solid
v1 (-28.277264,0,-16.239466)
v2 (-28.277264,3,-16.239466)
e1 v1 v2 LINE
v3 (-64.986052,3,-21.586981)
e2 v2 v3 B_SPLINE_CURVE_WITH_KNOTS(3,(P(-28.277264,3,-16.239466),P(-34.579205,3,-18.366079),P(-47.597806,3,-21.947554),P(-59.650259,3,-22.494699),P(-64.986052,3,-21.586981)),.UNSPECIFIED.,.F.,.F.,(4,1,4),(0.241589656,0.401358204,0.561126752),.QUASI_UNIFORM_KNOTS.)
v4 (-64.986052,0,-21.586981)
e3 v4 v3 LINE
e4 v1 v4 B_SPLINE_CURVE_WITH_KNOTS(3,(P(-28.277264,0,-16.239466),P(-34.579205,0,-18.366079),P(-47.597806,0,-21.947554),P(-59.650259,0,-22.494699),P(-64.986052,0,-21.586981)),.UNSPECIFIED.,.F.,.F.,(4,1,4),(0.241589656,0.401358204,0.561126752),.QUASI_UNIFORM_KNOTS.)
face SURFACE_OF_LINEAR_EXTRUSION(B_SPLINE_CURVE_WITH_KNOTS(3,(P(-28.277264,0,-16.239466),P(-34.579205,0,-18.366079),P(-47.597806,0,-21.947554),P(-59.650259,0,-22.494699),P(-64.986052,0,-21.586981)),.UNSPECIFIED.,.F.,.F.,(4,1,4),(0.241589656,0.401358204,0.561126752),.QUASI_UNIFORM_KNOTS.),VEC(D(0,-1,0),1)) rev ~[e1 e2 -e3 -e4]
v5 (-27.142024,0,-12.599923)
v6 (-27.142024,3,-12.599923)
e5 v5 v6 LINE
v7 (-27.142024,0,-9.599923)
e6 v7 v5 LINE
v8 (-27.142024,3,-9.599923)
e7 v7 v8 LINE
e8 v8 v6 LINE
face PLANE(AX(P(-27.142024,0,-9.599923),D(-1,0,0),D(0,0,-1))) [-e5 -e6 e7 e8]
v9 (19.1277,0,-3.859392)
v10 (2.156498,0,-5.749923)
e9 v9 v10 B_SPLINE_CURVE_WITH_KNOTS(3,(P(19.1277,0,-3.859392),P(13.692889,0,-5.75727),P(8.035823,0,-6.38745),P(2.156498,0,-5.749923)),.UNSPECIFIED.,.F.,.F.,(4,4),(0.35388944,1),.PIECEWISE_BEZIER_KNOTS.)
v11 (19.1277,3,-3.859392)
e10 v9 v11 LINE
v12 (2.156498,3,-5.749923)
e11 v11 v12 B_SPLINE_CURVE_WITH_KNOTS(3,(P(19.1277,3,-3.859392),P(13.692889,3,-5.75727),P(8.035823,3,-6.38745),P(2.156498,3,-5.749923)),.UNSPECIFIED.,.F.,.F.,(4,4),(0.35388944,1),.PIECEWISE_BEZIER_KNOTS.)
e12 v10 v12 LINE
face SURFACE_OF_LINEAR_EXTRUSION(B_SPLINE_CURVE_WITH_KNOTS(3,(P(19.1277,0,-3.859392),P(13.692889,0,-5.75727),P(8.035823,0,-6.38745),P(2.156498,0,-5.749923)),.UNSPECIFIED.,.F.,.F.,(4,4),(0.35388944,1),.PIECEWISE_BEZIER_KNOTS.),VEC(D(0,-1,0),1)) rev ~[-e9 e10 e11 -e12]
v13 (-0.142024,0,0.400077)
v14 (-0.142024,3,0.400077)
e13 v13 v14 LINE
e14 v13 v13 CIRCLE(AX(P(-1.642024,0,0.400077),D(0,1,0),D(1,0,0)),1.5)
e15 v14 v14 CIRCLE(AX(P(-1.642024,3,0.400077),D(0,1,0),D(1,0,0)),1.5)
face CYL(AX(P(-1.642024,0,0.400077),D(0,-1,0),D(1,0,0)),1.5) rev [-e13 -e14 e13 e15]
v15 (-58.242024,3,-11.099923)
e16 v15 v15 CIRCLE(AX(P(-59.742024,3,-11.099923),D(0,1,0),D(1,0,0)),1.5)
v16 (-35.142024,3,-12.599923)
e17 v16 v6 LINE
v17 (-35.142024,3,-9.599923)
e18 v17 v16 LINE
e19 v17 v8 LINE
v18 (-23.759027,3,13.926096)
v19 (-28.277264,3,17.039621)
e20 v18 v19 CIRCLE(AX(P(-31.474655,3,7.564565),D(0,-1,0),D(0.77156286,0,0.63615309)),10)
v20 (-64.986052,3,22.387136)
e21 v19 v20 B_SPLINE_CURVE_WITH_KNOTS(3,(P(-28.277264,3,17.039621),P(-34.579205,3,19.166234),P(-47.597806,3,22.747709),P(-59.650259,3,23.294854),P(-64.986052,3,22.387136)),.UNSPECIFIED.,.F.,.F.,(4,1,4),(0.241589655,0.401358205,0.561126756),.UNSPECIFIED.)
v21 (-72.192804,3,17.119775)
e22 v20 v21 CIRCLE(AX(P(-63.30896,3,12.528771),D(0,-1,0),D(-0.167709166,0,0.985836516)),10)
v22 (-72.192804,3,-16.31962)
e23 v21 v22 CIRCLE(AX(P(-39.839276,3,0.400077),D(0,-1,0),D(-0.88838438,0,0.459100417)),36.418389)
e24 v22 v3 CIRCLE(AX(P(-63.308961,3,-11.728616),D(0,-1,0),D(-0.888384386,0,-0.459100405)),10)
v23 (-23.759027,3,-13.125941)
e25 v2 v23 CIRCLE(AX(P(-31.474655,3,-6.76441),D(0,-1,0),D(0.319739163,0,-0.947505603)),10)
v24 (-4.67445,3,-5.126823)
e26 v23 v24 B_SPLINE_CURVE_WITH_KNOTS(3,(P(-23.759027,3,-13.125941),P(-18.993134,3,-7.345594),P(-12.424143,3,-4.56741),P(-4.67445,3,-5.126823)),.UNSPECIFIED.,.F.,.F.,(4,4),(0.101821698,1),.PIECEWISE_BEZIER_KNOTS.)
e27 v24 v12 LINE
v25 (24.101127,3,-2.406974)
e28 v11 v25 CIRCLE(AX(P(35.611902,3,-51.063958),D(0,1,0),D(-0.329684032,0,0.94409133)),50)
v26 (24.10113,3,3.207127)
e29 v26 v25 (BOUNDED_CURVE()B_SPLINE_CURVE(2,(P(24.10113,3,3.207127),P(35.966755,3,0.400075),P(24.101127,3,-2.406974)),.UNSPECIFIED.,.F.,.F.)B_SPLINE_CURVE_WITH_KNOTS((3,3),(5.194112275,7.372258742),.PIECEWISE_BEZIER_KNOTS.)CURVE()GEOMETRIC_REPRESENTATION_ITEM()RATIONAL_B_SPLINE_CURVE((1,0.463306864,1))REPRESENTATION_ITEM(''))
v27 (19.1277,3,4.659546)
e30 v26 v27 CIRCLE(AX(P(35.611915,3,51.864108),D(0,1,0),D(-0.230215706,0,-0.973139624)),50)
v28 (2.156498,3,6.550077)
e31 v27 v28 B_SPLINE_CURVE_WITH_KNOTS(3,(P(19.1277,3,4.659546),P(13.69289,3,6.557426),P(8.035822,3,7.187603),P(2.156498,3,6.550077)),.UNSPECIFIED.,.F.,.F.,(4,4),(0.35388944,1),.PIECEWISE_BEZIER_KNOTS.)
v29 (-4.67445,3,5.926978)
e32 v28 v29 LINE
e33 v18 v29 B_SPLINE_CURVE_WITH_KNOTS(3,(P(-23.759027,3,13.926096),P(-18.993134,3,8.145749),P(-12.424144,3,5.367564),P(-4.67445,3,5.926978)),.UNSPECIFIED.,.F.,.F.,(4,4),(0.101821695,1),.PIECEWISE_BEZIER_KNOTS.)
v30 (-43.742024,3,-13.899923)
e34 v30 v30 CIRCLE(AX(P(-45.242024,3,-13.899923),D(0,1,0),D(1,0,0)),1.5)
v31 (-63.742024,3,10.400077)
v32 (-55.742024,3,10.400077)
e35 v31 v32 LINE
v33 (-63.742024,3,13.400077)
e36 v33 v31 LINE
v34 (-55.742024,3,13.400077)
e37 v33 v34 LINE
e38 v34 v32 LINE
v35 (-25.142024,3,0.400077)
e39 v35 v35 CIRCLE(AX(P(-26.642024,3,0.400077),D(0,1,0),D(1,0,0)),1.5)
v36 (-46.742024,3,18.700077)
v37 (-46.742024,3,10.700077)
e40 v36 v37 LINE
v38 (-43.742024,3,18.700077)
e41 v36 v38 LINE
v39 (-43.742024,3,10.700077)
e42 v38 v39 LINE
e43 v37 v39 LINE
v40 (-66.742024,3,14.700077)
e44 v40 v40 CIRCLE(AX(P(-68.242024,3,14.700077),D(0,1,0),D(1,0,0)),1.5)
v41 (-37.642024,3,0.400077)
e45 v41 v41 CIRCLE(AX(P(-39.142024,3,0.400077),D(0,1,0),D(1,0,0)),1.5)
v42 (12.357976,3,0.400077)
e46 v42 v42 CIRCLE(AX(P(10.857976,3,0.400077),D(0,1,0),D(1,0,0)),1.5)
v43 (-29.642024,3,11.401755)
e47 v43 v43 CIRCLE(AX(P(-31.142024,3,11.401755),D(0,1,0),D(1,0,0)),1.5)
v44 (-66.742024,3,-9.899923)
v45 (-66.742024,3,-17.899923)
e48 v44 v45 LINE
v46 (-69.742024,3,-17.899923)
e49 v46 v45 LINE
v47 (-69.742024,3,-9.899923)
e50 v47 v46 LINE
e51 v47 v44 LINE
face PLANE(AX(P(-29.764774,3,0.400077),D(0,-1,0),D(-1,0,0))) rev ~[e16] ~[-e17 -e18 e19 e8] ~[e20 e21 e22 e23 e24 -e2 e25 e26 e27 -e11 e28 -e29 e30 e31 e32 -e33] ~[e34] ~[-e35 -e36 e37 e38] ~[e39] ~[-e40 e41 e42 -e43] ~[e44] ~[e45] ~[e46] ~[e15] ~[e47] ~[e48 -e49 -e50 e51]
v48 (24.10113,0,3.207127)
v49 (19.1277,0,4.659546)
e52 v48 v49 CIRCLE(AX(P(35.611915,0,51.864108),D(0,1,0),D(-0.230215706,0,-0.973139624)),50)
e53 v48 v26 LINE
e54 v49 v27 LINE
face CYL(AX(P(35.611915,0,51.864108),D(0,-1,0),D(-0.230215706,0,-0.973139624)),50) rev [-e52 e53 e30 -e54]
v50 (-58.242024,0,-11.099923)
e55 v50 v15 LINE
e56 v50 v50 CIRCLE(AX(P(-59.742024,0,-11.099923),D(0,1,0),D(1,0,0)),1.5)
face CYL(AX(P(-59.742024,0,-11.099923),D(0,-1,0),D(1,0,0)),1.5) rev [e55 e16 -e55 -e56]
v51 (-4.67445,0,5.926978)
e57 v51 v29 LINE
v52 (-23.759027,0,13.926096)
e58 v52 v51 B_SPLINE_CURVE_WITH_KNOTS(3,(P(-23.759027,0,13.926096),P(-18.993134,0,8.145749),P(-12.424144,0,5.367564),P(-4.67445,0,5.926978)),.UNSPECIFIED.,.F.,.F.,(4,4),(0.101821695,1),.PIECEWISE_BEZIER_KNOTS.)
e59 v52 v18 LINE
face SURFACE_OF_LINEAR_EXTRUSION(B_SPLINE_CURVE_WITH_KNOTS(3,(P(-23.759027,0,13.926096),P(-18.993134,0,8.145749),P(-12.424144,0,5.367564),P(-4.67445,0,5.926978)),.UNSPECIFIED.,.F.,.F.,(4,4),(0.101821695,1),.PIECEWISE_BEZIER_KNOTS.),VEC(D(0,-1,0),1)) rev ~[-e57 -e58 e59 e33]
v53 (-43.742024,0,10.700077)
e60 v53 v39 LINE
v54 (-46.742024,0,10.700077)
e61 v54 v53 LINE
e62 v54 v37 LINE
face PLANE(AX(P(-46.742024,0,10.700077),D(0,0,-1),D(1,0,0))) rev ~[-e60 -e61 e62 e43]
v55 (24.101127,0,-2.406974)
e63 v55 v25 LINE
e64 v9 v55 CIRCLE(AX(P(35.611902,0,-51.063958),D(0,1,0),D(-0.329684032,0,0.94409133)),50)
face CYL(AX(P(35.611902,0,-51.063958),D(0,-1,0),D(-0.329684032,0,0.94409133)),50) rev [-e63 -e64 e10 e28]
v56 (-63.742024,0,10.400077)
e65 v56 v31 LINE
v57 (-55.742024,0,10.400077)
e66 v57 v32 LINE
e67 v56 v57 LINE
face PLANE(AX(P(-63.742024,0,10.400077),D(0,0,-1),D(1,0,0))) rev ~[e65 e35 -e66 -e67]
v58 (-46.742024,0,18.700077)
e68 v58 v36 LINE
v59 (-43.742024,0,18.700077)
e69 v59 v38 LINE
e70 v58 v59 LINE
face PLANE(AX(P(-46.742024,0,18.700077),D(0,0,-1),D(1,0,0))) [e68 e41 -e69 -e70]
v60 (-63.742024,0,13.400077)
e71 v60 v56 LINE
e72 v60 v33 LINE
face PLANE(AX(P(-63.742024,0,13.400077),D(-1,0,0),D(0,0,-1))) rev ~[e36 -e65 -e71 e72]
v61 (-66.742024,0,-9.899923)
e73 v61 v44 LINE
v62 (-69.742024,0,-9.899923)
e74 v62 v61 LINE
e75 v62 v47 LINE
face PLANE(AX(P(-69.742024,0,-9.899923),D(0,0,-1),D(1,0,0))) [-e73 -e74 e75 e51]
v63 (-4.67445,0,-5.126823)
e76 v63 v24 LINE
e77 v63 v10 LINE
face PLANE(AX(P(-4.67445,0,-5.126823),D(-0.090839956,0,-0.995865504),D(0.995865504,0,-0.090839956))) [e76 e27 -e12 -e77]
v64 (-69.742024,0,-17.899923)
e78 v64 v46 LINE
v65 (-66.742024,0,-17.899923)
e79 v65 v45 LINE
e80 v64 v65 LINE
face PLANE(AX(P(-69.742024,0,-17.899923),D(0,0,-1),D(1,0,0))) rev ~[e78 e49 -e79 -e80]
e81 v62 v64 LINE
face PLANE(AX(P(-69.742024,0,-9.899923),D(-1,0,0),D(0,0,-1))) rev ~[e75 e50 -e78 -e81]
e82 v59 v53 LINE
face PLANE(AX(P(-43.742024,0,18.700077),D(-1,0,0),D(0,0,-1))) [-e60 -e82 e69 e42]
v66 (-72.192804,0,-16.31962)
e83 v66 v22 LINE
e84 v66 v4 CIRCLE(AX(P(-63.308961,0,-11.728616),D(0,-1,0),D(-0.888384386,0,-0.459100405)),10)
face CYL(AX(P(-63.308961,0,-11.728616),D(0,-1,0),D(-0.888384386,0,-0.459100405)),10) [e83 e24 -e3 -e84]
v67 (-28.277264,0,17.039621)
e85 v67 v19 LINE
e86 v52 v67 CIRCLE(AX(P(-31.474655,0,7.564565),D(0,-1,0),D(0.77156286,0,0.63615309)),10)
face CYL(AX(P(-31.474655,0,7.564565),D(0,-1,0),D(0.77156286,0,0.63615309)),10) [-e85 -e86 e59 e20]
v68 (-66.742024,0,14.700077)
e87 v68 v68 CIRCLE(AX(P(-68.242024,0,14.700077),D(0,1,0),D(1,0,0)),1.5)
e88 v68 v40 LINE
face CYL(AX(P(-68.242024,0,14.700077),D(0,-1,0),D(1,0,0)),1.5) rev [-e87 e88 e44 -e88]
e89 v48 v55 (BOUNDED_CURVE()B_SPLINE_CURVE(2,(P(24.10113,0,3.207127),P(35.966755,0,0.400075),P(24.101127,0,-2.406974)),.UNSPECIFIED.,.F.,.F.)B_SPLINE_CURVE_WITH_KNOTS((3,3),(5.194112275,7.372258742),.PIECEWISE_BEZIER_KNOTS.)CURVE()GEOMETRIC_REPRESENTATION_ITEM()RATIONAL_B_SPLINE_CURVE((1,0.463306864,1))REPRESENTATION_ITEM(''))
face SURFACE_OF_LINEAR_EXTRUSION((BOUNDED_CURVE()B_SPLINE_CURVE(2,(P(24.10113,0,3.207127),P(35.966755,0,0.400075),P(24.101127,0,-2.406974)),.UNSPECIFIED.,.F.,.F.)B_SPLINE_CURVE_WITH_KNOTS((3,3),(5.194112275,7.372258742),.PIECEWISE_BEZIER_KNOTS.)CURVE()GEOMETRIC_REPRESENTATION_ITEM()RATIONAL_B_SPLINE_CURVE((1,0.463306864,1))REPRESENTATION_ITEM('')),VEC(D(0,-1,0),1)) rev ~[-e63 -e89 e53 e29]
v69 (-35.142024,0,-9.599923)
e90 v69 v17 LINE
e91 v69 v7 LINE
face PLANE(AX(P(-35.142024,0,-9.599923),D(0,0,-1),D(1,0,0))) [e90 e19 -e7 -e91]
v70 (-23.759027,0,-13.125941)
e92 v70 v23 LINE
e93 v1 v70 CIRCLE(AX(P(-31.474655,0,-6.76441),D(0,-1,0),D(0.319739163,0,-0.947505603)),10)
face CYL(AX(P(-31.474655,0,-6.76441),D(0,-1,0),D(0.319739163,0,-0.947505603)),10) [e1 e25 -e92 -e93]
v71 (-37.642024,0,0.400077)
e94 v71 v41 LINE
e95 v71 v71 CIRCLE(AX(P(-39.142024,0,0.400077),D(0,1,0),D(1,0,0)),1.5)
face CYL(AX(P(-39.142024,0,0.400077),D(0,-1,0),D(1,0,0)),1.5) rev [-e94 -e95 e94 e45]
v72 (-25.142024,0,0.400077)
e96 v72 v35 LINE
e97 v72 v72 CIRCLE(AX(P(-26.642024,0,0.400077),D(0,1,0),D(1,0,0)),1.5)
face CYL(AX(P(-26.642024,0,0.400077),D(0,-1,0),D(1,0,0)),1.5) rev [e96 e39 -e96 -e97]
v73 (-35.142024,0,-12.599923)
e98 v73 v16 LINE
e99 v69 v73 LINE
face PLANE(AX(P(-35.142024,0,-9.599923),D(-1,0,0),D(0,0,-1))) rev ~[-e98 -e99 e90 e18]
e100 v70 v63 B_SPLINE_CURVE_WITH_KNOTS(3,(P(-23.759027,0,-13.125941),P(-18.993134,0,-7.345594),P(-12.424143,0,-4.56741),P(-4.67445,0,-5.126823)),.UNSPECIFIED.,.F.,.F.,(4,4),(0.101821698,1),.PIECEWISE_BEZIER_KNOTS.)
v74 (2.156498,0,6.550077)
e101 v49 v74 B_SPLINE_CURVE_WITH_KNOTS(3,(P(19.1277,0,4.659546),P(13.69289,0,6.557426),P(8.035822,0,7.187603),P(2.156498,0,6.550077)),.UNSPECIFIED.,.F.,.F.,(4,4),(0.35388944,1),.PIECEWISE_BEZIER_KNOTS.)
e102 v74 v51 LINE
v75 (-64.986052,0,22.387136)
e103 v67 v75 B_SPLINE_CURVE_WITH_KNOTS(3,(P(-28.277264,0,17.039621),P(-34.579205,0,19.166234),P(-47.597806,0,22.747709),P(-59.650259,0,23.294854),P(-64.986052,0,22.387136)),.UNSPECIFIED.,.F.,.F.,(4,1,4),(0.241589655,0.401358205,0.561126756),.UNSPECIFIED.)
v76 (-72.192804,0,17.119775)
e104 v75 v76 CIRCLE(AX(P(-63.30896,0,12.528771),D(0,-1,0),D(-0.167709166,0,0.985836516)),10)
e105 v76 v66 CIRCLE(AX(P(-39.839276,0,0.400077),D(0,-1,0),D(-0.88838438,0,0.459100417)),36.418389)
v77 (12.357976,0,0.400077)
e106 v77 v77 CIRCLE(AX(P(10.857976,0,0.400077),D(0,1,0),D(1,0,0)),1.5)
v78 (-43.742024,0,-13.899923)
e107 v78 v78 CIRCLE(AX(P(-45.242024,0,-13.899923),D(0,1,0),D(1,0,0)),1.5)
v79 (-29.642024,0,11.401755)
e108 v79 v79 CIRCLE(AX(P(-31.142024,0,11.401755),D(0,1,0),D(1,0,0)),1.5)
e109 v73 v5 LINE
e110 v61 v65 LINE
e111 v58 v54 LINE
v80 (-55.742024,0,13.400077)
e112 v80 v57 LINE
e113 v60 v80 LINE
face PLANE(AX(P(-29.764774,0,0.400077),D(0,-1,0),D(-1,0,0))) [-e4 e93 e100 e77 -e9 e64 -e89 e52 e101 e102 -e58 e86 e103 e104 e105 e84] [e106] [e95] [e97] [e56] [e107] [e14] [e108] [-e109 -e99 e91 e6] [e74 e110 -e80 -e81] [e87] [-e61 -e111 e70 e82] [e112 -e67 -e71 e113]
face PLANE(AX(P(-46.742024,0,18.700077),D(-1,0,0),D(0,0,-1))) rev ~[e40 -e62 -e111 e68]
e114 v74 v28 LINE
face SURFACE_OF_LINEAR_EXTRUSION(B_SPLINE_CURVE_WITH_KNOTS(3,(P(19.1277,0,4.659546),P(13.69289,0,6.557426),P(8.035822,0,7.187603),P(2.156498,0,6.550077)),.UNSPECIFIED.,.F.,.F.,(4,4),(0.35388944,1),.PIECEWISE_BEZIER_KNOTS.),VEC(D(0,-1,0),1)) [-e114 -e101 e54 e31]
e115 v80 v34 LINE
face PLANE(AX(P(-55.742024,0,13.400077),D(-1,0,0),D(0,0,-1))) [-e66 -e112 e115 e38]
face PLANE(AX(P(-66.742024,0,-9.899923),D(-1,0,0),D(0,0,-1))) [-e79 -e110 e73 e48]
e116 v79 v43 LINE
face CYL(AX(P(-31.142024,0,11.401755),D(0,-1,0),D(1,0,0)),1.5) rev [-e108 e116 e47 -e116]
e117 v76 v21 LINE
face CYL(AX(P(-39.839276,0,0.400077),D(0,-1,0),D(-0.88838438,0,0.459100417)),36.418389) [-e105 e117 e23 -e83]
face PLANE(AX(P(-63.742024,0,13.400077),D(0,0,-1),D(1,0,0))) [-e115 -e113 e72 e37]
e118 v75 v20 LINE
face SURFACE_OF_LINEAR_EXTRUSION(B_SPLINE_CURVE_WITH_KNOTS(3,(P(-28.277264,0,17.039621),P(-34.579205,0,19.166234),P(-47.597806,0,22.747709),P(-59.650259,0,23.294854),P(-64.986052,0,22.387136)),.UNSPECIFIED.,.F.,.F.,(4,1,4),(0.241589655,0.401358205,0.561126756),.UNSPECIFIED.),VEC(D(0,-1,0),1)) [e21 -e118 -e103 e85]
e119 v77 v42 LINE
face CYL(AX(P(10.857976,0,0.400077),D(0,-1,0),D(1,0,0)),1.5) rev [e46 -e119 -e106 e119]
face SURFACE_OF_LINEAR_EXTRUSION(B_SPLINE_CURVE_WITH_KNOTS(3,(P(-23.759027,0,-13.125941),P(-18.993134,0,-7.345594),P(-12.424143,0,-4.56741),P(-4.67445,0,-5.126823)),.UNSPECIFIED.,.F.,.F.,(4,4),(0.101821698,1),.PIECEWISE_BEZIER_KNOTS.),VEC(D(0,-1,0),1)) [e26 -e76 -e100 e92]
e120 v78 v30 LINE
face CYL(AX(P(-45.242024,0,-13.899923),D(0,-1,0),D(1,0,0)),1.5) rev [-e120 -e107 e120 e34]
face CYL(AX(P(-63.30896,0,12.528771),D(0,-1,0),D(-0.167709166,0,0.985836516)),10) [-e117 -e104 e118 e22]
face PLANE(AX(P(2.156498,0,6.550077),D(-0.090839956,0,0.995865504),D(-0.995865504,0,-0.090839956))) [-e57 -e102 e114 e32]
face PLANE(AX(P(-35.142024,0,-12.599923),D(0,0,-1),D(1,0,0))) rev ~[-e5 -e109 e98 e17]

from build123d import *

# Parameters (mm, degrees)
ESBO_O1_R                = 1.5
ESBO_O1_W                = 3
ESBO_O1_H                = 8
ESBO_O1_W_2              = 8
ESBO_O1_H_2              = 3
RESSALTO_EXTRUS_O1_DEPTH = 3


with BuildPart() as part:
    # Esboço1 → Ressalto-extrusão1 (new body)
    with BuildSketch(Plane(origin=(0, 0, 0), x_dir=(1, 0, 0), z_dir=(0, 1, 0))):
        with BuildLine():
            Line((-4.674449837, 5.126823449), (2.15649844, 5.74992269))
            add(Edge.make_bspline(
                [(19.127700004, 3.859391667), (13.692888976, 5.757269931), (8.035822873, 6.387450044), (2.15649844, 5.74992269)],
                knots=[0.35388944, 0.35388944, 0.35388944, 0.35388944, 1, 1, 1, 1], degree=3))
            ThreePointArc((19.127700004, 3.859391667), (21.595587829, 3.06871935), (24.101127023, 2.406974398))
            add(Edge.make_bspline(
                [(24.101129521, -3.20712694), (35.966754752, -0.40007519), (24.101127023, 2.406974398)],
                knots=[5.194112275, 5.194112275, 5.194112275, 7.372258742, 7.372258742, 7.372258742], degree=2, weights=[1, 0.463306864, 1]))
            ThreePointArc((24.101129521, -3.20712694), (21.595589041, -3.868872862), (19.127700004, -4.659546287))
            add(Edge.make_bspline(
                [(19.127700004, -4.659546287), (13.692889505, -6.55742607), (8.035822337, -7.187603127), (2.15649844, -6.55007731)],
                knots=[0.35388944, 0.35388944, 0.35388944, 0.35388944, 1, 1, 1, 1], degree=3))
            Line((2.15649844, -6.55007731), (-4.674449837, -5.926978069))
            add(Edge.make_bspline(
                [(-23.759026807, -13.92609603), (-18.993134449, -8.145749128), (-12.424143506, -5.367564321), (-4.674449837, -5.926978069)],
                knots=[0.101821695, 0.101821695, 0.101821695, 0.101821695, 1, 1, 1, 1], degree=3))
            ThreePointArc((-23.759026807, -13.92609603), (-25.800414194, -15.798822034), (-28.277263571, -17.039621097))
            add(Edge.make_bspline(
                [(-28.277263571, -17.039621097), (-34.579205058, -19.166234), (-47.597806191, -22.747709276), (-59.650258973, -23.294853785), (-64.986052109, -22.387135922)],
                knots=[0.241589655, 0.241589655, 0.241589655, 0.241589655, 0.401358205, 0.561126756, 0.561126756, 0.561126756, 0.561126756], degree=3))
            ThreePointArc((-64.986052109, -22.387135922), (-69.209775007, -20.602207926), (-72.192804257, -17.119774932))
            ThreePointArc((-72.192804257, -17.119774932), (-76.257665323, -0.40007754), (-72.192804468, 16.319619904))
            ThreePointArc((-72.192804468, 16.319619904), (-69.209774999, 19.802053128), (-64.986051746, 21.586981094))
            add(Edge.make_bspline(
                [(-28.2772637, 16.239466453), (-34.57920511, 18.366079177), (-47.597806077, 21.947554059), (-59.650258689, 22.494698656), (-64.986051746, 21.586981094)],
                knots=[0.241589656, 0.241589656, 0.241589656, 0.241589656, 0.401358204, 0.561126752, 0.561126752, 0.561126752, 0.561126752], degree=3))
            ThreePointArc((-28.2772637, 16.239466453), (-25.80041422, 14.998667392), (-23.759026751, 13.125941342))
            add(Edge.make_bspline(
                [(-23.759026751, 13.125941342), (-18.993134399, 7.345594488), (-12.424143468, 4.567409699), (-4.674449837, 5.126823449)],
                knots=[0.101821698, 0.101821698, 0.101821698, 0.101821698, 1, 1, 1, 1], degree=3))
        make_face()
        with Locations((-45.242023738, 13.89992269)):
            Circle(ESBO_O1_R, mode=Mode.SUBTRACT)
        with Locations((-68.242023738, -14.70007731)):
            Circle(ESBO_O1_R, mode=Mode.SUBTRACT)
        with Locations((-59.742023738, 11.09992269)):
            Circle(ESBO_O1_R, mode=Mode.SUBTRACT)
        with Locations((-31.142023738, -11.40175485)):
            Circle(ESBO_O1_R, mode=Mode.SUBTRACT)
        with Locations((-39.142023738, -0.40007731)):
            Circle(ESBO_O1_R, mode=Mode.SUBTRACT)
        with Locations((10.857976262, -0.40007731)):
            Circle(ESBO_O1_R, mode=Mode.SUBTRACT)
        with Locations((-1.642023738, -0.40007731)):
            Circle(ESBO_O1_R, mode=Mode.SUBTRACT)
        with Locations((-26.642023738, -0.40007731)):
            Circle(ESBO_O1_R, mode=Mode.SUBTRACT)
        with Locations((-45.242023738, -14.70007731)):
            Rectangle(ESBO_O1_W, ESBO_O1_H, mode=Mode.SUBTRACT)
        with Locations((-68.242023738, 13.89992269)):
            Rectangle(ESBO_O1_W, ESBO_O1_H, mode=Mode.SUBTRACT)
        with Locations((-31.142023738, 11.099922699)):
            Rectangle(ESBO_O1_W_2, ESBO_O1_H_2, mode=Mode.SUBTRACT)
        with Locations((-59.742023738, -11.90007731)):
            Rectangle(ESBO_O1_W_2, ESBO_O1_H_2, mode=Mode.SUBTRACT)
    extrude(amount=RESSALTO_EXTRUS_O1_DEPTH)


solid = part.part
